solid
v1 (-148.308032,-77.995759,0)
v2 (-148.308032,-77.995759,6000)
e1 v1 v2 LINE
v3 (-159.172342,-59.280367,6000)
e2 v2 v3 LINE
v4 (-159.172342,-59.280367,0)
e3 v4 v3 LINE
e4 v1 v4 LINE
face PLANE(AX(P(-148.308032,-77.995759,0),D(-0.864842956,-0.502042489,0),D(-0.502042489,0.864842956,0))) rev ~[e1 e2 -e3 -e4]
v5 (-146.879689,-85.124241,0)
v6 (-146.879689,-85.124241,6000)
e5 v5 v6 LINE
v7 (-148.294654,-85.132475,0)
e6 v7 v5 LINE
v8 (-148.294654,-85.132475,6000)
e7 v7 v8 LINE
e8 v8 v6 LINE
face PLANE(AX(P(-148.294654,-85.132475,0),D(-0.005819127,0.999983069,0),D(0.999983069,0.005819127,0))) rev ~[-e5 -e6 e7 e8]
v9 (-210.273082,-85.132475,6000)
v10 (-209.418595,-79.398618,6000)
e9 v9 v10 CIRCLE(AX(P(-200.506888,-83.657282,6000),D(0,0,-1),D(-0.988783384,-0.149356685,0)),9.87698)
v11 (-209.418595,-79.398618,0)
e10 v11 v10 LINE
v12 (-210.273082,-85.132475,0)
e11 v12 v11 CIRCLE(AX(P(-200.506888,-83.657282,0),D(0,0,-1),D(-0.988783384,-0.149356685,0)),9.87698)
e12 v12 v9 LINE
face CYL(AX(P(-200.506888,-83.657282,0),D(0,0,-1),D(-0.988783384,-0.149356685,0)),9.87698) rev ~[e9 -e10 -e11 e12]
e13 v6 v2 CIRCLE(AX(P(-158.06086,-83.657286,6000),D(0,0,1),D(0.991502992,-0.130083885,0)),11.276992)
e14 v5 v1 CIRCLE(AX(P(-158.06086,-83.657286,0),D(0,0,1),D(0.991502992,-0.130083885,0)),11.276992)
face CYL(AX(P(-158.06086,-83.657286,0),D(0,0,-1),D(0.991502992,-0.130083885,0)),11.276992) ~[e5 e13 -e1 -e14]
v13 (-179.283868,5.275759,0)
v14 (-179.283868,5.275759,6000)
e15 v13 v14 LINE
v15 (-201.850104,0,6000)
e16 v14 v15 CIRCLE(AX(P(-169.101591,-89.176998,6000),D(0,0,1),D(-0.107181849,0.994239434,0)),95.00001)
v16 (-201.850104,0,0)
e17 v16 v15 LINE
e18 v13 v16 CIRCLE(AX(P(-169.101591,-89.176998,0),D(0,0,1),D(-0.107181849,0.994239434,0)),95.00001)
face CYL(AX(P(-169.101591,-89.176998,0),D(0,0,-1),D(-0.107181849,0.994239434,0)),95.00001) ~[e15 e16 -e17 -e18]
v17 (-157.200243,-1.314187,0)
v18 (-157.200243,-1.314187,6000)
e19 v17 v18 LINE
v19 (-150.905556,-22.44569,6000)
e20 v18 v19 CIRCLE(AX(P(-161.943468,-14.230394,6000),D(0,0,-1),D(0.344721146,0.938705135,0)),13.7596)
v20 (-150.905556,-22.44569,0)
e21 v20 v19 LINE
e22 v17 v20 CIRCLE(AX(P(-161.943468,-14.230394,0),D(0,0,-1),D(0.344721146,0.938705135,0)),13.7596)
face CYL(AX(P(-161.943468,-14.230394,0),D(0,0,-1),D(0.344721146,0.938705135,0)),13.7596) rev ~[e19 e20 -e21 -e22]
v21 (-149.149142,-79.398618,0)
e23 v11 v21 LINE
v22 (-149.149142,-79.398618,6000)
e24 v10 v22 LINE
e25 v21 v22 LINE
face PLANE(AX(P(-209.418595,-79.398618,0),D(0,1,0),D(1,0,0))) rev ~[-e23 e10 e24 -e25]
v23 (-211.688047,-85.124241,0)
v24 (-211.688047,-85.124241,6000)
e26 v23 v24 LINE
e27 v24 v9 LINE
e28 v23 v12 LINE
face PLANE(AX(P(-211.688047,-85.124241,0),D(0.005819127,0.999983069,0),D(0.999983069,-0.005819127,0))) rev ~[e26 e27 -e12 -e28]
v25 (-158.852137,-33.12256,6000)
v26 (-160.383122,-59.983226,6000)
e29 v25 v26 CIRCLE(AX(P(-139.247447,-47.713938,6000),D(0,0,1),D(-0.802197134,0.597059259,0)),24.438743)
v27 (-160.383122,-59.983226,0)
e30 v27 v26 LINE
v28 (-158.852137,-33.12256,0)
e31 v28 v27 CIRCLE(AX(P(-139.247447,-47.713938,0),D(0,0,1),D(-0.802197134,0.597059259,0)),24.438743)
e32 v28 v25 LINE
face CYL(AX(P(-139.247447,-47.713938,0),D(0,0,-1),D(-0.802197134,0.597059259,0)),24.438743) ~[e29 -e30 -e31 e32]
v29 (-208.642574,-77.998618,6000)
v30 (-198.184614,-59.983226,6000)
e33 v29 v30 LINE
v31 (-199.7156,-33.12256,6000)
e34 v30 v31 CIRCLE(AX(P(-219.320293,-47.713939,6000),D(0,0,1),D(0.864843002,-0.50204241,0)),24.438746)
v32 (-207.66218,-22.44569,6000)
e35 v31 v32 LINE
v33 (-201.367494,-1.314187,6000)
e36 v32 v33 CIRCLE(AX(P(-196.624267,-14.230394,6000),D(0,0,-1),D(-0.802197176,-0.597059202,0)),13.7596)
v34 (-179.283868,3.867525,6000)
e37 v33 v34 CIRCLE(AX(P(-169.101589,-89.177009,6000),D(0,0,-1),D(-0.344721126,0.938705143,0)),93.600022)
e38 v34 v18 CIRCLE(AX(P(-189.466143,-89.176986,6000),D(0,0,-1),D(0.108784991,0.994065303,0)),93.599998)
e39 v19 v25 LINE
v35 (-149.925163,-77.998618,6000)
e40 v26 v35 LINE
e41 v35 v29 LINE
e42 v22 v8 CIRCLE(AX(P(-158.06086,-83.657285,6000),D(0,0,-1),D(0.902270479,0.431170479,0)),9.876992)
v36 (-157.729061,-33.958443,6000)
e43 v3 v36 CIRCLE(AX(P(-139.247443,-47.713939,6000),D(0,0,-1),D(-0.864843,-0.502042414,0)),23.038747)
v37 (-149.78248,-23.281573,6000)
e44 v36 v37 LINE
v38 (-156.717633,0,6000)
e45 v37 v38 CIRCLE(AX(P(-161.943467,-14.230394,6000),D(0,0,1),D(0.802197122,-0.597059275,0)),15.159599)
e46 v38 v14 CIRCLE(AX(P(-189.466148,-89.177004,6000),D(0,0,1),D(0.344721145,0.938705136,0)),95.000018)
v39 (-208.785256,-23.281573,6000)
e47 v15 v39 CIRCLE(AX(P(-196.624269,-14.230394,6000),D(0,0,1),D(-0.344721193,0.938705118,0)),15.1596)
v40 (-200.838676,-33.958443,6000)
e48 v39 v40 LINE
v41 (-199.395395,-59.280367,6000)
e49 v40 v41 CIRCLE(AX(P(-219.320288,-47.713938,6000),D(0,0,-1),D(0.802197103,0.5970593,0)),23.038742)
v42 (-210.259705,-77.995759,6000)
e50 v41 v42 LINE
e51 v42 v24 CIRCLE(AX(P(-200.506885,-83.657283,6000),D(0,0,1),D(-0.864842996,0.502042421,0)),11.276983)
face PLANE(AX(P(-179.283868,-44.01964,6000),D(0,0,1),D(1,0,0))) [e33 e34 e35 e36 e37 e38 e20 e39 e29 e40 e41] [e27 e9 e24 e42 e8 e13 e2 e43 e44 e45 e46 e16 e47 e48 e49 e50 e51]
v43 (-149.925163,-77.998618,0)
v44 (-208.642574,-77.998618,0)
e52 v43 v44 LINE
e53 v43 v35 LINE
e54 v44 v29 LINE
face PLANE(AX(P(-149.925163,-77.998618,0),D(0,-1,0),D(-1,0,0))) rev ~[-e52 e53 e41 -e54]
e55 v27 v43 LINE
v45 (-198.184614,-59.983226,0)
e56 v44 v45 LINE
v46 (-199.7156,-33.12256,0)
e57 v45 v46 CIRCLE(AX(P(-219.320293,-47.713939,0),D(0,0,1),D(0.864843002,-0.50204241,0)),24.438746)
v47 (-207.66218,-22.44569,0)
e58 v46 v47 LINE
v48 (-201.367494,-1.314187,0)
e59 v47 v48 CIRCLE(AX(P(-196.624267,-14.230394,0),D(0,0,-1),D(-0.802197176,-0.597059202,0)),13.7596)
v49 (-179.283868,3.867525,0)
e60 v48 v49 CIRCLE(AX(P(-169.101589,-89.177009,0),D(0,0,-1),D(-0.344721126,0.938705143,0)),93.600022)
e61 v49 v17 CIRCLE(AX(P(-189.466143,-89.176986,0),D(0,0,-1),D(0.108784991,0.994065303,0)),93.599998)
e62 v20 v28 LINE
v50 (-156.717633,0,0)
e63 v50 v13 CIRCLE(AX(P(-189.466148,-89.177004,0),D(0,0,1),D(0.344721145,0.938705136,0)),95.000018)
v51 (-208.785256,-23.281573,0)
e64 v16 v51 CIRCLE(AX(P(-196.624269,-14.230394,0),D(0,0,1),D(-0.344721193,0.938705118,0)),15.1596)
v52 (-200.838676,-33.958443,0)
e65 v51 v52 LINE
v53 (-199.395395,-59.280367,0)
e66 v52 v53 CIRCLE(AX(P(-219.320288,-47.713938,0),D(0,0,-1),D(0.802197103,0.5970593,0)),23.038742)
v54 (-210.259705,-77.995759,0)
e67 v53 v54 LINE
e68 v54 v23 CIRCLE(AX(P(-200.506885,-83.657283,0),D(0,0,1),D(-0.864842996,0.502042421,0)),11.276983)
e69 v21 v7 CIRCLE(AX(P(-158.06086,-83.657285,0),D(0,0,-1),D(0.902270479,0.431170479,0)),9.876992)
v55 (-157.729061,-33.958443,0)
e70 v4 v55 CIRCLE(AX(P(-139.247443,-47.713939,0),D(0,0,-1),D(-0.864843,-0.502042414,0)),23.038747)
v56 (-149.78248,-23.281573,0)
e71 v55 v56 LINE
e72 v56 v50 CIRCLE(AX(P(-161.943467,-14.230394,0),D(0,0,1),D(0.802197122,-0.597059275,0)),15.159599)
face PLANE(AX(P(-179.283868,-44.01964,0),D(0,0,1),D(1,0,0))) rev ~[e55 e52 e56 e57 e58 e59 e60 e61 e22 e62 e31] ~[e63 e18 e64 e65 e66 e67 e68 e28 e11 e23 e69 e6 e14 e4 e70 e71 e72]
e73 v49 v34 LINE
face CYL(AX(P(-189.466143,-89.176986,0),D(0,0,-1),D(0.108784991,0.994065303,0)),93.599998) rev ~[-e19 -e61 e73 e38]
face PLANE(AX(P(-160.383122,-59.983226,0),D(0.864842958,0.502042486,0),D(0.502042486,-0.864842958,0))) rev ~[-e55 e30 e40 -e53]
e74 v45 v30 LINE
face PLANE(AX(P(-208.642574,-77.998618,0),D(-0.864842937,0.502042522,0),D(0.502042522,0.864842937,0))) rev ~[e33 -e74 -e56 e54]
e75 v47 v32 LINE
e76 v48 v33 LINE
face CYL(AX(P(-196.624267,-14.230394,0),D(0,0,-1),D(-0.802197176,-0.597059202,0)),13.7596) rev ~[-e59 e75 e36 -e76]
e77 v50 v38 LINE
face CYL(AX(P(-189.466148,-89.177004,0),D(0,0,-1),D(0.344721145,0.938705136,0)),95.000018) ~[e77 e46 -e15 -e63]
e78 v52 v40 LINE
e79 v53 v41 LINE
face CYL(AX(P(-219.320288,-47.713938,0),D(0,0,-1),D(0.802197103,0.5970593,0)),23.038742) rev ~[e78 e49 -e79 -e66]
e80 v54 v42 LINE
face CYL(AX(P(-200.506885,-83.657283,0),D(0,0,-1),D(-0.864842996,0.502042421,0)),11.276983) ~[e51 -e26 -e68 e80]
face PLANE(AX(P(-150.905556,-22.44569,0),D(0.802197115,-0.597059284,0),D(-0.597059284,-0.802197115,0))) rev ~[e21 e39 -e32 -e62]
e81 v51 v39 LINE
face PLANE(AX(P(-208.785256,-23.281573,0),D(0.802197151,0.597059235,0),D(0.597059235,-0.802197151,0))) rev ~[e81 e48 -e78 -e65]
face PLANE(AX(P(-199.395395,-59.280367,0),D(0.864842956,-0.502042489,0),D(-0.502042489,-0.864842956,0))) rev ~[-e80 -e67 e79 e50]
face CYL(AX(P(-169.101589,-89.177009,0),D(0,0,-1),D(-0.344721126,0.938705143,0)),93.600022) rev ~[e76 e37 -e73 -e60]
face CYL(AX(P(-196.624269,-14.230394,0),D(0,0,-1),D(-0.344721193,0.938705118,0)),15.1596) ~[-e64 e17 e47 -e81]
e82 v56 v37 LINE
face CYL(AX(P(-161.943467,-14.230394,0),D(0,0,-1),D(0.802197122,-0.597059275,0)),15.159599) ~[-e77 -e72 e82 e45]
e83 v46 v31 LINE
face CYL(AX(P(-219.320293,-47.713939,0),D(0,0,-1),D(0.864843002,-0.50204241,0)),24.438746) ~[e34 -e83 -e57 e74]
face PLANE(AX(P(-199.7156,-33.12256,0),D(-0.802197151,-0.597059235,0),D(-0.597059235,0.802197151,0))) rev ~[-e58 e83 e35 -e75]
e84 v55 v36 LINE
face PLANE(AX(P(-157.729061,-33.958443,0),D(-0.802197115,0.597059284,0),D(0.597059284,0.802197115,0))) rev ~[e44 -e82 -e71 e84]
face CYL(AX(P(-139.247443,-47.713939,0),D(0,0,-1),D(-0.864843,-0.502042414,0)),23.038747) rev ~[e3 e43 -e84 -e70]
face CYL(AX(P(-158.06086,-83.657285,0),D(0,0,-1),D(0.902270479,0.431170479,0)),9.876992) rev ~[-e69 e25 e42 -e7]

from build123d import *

# Parameters (mm, degrees)
F1_DEPTH = 6000


with BuildPart() as f1:
    # F0 (on Top) → F1 (new body)
    with BuildSketch(Plane.XY):
        with BuildLine():
            ThreePointArc((-200.838676, -33.958443), (-196.318878, -46.40292), (-199.395395, -59.280367))
            Line((-199.395395, -59.280367), (-210.259705, -77.995759))
            ThreePointArc((-210.259705, -77.995759), (-211.564087, -81.441739), (-211.688047, -85.124241))
            Line((-211.688047, -85.124241), (-210.273082, -85.132475))
            ThreePointArc((-210.273082, -85.132475), (-210.275986, -82.201444), (-209.418595, -79.398618))
            Line((-209.418595, -79.398618), (-149.149142, -79.398618))
            ThreePointArc((-149.149142, -79.398618), (-148.291751, -82.201444), (-148.294654, -85.132475))
            Line((-148.294654, -85.132475), (-146.879689, -85.124241))
            ThreePointArc((-146.879689, -85.124241), (-147.00365, -81.441739), (-148.308032, -77.995759))
            Line((-148.308032, -77.995759), (-159.172342, -59.280367))
            ThreePointArc((-159.172342, -59.280367), (-162.248858, -46.40292), (-157.729061, -33.958443))
            Line((-157.729061, -33.958443), (-149.78248, -23.281573))
            ThreePointArc((-149.78248, -23.281573), (-147.414761, -9.902559), (-156.717633, 0))
            ThreePointArc((-156.717633, 0), (-167.839274, 3.328572), (-179.283868, 5.275759))
            ThreePointArc((-179.283868, 5.275759), (-190.728463, 3.328572), (-201.850104, 0))
            ThreePointArc((-201.850104, 0), (-211.152975, -9.902559), (-208.785256, -23.281573))
            Line((-208.785256, -23.281573), (-200.838676, -33.958443))
        make_face()
        with BuildLine():
            Line((-208.642574, -77.998618), (-198.184614, -59.983226))
            ThreePointArc((-198.184614, -59.983226), (-194.921147, -46.323253), (-199.7156, -33.12256))
            Line((-199.7156, -33.12256), (-207.66218, -22.44569))
            ThreePointArc((-207.66218, -22.44569), (-209.811238, -10.302238), (-201.367494, -1.314187))
            ThreePointArc((-201.367494, -1.314187), (-190.483231, 1.948122), (-179.283868, 3.867525))
            ThreePointArc((-179.283868, 3.867525), (-168.084505, 1.948122), (-157.200243, -1.314187))
            ThreePointArc((-157.200243, -1.314187), (-148.756498, -10.302238), (-150.905556, -22.44569))
            Line((-150.905556, -22.44569), (-158.852137, -33.12256))
            ThreePointArc((-158.852137, -33.12256), (-163.64659, -46.323253), (-160.383122, -59.983226))
            Line((-160.383122, -59.983226), (-149.925163, -77.998618))
            Line((-149.925163, -77.998618), (-208.642574, -77.998618))
        make_face(mode=Mode.SUBTRACT)
    extrude(amount=F1_DEPTH)


solid = f1.part
